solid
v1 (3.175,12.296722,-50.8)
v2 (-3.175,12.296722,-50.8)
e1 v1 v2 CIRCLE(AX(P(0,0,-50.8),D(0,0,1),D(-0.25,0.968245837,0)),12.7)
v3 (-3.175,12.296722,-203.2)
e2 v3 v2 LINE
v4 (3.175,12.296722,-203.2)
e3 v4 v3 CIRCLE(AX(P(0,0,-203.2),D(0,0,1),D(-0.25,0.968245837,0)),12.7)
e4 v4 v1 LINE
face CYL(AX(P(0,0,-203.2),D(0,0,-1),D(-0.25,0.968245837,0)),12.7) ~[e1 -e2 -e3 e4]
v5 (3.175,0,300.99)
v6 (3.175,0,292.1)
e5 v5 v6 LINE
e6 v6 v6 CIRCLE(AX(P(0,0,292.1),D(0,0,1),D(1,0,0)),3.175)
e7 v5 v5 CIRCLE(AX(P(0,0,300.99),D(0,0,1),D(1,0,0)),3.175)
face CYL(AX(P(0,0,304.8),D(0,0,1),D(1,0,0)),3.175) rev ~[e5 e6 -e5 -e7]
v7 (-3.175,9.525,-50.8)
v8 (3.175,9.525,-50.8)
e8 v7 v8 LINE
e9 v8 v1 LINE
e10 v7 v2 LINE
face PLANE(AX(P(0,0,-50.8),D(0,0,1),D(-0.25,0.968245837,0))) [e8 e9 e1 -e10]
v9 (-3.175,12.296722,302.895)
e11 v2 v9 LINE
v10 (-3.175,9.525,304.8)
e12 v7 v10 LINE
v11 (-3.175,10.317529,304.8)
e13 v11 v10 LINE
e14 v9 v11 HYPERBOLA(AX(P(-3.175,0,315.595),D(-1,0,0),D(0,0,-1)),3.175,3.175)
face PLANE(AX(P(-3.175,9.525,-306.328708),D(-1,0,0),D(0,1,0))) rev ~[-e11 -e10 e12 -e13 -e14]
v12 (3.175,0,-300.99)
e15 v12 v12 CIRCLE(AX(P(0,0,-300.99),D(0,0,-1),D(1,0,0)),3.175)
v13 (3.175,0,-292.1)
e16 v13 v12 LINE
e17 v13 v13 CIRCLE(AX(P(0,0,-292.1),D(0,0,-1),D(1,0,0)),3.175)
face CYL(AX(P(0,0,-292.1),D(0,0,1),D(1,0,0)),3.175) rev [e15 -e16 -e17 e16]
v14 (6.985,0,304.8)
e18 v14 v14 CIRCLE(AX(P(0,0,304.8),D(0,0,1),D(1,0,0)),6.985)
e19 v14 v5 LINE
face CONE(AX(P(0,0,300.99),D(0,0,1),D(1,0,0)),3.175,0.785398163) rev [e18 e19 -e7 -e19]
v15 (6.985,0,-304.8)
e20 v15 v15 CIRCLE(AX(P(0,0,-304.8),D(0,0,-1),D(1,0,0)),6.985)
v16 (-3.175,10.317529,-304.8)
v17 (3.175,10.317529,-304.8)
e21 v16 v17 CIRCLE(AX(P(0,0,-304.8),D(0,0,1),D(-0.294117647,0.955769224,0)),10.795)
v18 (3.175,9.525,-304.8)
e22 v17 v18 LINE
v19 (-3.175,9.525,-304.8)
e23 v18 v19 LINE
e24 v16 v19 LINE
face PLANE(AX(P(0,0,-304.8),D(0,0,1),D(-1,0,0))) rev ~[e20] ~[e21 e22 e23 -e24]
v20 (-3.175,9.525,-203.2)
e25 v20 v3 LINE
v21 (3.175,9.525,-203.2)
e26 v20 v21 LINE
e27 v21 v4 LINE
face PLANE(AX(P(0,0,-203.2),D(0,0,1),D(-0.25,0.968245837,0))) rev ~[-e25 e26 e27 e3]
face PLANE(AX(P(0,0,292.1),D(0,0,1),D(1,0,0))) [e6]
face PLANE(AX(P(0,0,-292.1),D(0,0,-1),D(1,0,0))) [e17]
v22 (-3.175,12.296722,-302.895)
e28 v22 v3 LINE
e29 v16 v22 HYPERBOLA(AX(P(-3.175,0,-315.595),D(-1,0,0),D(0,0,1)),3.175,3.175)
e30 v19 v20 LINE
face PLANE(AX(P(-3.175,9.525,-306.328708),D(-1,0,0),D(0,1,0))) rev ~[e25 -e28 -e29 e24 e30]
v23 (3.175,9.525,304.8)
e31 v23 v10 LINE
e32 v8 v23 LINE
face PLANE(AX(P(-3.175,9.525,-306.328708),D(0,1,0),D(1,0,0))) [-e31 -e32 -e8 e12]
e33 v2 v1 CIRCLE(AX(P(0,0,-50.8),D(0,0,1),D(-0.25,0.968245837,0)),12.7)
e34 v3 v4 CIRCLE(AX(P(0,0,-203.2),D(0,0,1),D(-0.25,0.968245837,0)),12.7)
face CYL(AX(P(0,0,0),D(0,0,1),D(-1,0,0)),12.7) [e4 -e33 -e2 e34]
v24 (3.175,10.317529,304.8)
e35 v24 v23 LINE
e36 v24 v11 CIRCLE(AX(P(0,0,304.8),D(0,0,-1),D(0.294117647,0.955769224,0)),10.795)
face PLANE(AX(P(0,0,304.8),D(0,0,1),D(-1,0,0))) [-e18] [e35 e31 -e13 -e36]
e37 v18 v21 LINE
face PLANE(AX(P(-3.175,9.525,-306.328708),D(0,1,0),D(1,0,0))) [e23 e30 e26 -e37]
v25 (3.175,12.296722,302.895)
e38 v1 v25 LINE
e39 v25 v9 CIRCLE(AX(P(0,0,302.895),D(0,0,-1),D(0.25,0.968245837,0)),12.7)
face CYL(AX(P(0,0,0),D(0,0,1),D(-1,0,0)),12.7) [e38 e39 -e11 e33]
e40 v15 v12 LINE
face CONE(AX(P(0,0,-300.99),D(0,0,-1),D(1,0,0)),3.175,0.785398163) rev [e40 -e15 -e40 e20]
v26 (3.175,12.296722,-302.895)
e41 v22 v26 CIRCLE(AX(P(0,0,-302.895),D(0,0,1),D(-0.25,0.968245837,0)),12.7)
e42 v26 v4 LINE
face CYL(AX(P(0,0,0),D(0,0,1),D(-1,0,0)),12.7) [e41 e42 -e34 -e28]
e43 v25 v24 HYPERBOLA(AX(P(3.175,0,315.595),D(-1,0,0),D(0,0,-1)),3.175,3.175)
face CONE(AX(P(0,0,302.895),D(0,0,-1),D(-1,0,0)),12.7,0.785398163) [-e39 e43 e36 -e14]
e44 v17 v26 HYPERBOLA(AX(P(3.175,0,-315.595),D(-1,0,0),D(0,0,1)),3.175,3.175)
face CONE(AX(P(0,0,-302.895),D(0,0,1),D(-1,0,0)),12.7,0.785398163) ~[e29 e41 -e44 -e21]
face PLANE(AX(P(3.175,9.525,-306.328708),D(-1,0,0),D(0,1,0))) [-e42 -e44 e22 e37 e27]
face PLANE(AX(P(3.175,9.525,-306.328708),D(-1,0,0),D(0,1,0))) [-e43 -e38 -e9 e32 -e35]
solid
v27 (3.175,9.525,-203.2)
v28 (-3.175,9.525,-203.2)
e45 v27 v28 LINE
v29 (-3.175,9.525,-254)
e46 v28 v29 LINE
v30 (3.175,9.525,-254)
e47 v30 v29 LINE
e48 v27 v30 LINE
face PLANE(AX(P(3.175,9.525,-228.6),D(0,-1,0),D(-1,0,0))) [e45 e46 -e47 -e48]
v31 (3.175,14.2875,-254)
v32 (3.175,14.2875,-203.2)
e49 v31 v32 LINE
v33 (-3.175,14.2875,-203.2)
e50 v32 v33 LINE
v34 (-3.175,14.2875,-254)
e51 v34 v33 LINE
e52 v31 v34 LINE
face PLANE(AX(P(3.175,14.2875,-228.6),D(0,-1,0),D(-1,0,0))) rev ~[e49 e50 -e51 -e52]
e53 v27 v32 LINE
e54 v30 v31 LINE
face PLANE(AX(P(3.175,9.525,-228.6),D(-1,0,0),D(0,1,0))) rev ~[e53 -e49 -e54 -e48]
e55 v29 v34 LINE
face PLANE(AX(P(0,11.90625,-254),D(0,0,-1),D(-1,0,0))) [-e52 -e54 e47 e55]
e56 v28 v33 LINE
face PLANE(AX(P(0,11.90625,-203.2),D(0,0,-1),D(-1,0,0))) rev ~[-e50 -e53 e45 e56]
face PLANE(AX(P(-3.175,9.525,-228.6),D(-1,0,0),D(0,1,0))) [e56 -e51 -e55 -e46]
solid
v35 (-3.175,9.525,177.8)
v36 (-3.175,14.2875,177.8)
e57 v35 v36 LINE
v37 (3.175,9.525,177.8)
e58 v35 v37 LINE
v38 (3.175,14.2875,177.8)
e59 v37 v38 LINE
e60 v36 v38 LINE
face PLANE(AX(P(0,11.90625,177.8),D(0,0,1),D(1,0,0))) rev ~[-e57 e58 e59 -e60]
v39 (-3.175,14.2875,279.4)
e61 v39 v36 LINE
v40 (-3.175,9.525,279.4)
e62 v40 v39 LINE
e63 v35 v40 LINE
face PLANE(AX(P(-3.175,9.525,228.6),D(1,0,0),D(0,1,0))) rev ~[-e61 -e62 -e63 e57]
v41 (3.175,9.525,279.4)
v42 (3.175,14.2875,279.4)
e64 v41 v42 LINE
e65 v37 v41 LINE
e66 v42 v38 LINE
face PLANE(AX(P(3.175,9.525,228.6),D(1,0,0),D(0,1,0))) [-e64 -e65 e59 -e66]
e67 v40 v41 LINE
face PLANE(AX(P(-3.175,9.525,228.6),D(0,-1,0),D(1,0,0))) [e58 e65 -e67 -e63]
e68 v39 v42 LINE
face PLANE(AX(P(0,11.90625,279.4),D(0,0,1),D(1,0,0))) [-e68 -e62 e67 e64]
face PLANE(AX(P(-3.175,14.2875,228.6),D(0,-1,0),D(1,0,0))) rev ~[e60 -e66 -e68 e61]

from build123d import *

# Parameters (mm, degrees)
SKETCH1_R           = 12.7
EXTRUDE1_DEPTH      = 304.8
CHAMFER1_SIZE       = 1.905
EXTRUDE2_DEPTH      = 306.328708116
EXTRUDE2_DEPTH_BACK = 306.328708116
SKETCH3_W           = 6.35
SKETCH3_H           = 3.175
EXTRUDE3_START      = -203.2
SKETCH1_2_R         = 12.7
EXTRUDE3_DEPTH      = 152.4
SKETCH5_W           = 6.35
SKETCH5_H           = 4.7625
EXTRUDE4_DEPTH      = 50.8
SKETCH6_W           = 6.35
SKETCH6_H           = 4.7625
EXTRUDE5_DEPTH      = 25.4
SKETCH7_R           = 3.175
CUT_EXTRUDE1_DEPTH  = 12.7
CUT_EXTRUDE2_START  = -12.7
SKETCH8_R           = 3.175
CUT_EXTRUDE2_DEPTH  = 12.7
CHAMFER2_SIZE       = 3.81


with BuildPart() as part:
    # Sketch1 → Extrude1 (new, symmetric)
    with BuildSketch(Plane.XY):
        with Locations(Location((0, 0, 0), (0, 0, 180))):
            Circle(SKETCH1_R)
    extrude(amount=EXTRUDE1_DEPTH, both=True)

    # Chamfer1
    chamfer1_edges = [part.edges().sort_by_distance(p)[0] for p in [
        (12.7, 0, -304.8),
        (12.7, 0, 304.8),
    ]]
    chamfer(chamfer1_edges, length=CHAMFER1_SIZE)

    # Sketch3 → Extrude2 (cut, two sides: drawn at the far end of the back side and taken through both)
    with BuildSketch(Plane.XY.offset(-EXTRUDE2_DEPTH_BACK)):
        with Locations((0, 11.1125)):
            Rectangle(SKETCH3_W, SKETCH3_H)
    extrude(amount=EXTRUDE2_DEPTH + EXTRUDE2_DEPTH_BACK, mode=Mode.SUBTRACT)

    # Sketch1<2> → Extrude3 (add)
    with BuildSketch(Plane.XY.offset(EXTRUDE3_START)):
        with Locations(Location((0, 0, 0), (0, 0, 104.477512186))):
            Circle(SKETCH1_2_R)
    extrude(amount=EXTRUDE3_DEPTH)

    # Sketch7 → Cut-Extrude1 (cut)
    with BuildSketch(Plane.XY.offset(304.8)):
        Circle(SKETCH7_R)
    extrude(amount=-CUT_EXTRUDE1_DEPTH, mode=Mode.SUBTRACT)

    # Sketch8 → Cut-Extrude2 (cut)
    with BuildSketch(Plane(origin=(0, 0, -304.8), x_dir=(-1, 0, 0), z_dir=(0, 0, -1)).offset(CUT_EXTRUDE2_START)):
        with Locations(Location((0, 0, 0), (0, 0, 180))):
            Circle(SKETCH8_R)
    extrude(amount=CUT_EXTRUDE2_DEPTH, mode=Mode.SUBTRACT)

    # Chamfer2
    chamfer2_edges = [part.edges().sort_by_distance(p)[0] for p in [
        (-3.175, 0, 304.8),
        (-3.175, 0, -304.8),
    ]]
    chamfer(chamfer2_edges, length=CHAMFER2_SIZE)


with BuildPart() as body_2:
    # Sketch5 → Extrude4 (new, symmetric)
    with BuildSketch(Plane.XY.offset(228.6)):
        with Locations((0, 11.90625)):
            Rectangle(SKETCH5_W, SKETCH5_H)
    extrude(amount=EXTRUDE4_DEPTH, both=True)


with BuildPart() as body_3:
    # Sketch6 → Extrude5 (new, symmetric)
    with BuildSketch(Plane(origin=(0, 0, -228.6), x_dir=(-1, 0, 0), z_dir=(0, 0, -1))):
        with Locations((0, 11.90625)):
            Rectangle(SKETCH6_W, SKETCH6_H)
    extrude(amount=EXTRUDE5_DEPTH, both=True)


solid = Compound([part.part, body_2.part, body_3.part])
